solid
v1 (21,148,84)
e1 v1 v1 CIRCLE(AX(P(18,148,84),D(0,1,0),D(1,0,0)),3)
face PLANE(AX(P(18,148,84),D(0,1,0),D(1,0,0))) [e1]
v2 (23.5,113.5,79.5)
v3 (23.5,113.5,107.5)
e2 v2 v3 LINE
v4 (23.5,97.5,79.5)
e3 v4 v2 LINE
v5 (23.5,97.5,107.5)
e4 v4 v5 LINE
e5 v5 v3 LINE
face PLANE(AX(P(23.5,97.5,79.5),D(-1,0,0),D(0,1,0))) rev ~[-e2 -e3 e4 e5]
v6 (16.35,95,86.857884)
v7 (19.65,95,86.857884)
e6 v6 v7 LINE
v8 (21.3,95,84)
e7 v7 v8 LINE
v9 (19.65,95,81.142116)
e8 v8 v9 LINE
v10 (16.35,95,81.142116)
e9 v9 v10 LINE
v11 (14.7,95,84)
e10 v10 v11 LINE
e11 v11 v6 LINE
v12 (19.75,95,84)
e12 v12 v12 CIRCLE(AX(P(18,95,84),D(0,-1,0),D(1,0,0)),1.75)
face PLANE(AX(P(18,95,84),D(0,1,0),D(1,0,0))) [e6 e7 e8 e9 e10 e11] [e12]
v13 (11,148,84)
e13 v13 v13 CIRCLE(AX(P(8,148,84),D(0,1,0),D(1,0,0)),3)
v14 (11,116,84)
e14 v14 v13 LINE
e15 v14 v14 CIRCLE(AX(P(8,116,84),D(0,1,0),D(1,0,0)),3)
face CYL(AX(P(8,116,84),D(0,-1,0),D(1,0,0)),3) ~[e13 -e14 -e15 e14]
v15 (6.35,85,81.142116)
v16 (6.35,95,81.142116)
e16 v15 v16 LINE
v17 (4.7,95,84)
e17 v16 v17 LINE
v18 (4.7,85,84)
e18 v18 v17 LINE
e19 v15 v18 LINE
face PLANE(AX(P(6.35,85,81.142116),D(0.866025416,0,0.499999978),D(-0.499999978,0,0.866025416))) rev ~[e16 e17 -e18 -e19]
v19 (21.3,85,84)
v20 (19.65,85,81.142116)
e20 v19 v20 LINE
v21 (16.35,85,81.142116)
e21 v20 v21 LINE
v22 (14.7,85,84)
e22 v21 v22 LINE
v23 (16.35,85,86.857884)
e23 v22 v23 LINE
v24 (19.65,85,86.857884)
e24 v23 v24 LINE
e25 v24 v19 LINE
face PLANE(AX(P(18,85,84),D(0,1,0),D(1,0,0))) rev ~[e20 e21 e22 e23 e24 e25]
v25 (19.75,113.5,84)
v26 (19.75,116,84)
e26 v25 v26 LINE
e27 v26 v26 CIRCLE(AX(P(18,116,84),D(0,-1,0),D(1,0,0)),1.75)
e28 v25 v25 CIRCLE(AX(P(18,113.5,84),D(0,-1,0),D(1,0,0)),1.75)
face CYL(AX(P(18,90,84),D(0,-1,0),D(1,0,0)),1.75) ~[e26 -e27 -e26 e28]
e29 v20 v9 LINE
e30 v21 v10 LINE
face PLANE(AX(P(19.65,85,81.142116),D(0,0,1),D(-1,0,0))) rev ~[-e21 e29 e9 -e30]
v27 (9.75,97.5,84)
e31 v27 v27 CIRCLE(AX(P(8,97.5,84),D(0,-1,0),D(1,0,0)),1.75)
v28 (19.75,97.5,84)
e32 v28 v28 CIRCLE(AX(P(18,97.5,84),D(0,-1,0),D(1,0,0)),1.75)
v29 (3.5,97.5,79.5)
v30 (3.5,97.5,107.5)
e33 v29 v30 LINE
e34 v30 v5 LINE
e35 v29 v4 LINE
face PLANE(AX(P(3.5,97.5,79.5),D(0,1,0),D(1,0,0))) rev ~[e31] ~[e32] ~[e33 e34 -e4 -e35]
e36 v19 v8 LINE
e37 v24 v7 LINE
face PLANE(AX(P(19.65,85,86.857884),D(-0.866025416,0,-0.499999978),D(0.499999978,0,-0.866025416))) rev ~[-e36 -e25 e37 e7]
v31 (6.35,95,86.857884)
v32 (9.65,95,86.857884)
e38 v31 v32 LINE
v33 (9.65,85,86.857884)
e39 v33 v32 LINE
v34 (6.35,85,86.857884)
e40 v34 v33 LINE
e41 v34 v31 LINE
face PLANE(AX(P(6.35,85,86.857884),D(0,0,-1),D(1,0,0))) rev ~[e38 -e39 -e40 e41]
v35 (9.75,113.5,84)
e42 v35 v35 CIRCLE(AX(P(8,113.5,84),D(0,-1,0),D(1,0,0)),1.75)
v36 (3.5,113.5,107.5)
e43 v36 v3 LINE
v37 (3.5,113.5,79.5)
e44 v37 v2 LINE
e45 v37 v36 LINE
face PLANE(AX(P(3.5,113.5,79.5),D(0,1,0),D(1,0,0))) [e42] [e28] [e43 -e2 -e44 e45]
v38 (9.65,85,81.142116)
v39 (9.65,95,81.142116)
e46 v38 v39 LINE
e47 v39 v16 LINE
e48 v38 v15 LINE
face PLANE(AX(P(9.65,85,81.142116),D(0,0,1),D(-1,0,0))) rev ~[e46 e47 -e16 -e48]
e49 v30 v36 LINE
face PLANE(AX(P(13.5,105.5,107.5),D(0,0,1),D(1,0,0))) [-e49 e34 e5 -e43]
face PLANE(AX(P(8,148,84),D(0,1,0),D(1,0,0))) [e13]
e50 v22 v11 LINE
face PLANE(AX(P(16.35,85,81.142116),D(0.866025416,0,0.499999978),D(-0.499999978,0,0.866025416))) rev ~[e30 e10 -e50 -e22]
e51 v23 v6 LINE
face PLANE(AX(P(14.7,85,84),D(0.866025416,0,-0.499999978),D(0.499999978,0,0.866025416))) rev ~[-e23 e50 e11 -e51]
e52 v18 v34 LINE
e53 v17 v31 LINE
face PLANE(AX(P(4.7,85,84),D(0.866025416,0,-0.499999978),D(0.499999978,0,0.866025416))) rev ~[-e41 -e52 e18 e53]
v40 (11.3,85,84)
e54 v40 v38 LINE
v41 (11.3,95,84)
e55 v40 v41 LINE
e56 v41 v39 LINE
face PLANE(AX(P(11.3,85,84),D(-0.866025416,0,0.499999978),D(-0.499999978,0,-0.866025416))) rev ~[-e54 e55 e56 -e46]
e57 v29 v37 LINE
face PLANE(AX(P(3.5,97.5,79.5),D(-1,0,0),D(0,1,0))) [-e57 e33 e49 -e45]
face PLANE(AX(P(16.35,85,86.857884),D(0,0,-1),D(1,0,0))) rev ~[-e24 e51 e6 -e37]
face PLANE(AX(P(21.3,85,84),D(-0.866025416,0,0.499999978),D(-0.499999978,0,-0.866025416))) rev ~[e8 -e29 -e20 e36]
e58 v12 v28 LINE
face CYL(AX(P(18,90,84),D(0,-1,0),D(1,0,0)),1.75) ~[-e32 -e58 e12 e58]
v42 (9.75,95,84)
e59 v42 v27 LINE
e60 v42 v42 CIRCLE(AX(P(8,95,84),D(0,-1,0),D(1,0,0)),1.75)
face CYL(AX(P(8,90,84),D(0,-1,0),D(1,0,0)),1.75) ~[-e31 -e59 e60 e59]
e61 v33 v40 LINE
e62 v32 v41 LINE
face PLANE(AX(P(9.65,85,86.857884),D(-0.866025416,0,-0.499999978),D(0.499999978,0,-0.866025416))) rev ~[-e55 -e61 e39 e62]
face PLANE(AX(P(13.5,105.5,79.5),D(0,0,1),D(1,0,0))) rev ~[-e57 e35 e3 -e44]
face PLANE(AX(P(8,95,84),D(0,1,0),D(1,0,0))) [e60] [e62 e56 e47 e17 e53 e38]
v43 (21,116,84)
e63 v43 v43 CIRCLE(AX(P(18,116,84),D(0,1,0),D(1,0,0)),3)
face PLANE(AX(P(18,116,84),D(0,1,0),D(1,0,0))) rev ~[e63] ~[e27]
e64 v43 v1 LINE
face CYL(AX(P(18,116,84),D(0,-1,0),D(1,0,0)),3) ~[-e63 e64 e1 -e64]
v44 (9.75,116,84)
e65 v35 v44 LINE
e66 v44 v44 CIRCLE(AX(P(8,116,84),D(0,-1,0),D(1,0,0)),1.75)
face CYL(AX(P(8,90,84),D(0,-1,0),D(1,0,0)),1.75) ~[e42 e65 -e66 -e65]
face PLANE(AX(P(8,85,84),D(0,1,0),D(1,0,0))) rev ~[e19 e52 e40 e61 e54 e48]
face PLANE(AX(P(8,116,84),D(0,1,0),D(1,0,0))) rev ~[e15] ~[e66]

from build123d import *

# Parameters (mm, degrees)
PRISM002_DEPTH         = 10
PRISM002_ROLL_ANGLE    = -90
CYLINDER051_R          = 3
CYLINDER051_DEPTH      = 32
CYLINDER051_ROLL_ANGLE = -90
CYLINDER052_R          = 3
CYLINDER052_DEPTH      = 32
CYLINDER052_ROLL_ANGLE = -90
BOX040_W               = 20
BOX040_H               = 16
BOX040_DEPTH           = 28
CYLINDER053_R          = 1.75
CYLINDER053_DEPTH      = 32
CYLINDER053_ROLL_ANGLE = -90
CYLINDER054_R          = 1.75
CYLINDER054_DEPTH      = 32
CYLINDER054_ROLL_ANGLE = -90
PRISM001_DEPTH         = 10
PRISM001_ROLL_ANGLE    = -90


with BuildPart() as prisma002:
    # Prism002 → Prism002 (new body)
    with BuildSketch(Plane.XY):
        Polygon((3.3, 0), (1.65, 2.857884), (-1.65, 2.857884), (-3.3, 0), (-1.65, -2.857884), (1.65, -2.857884), align=None)
    extrude(amount=PRISM002_DEPTH)


with BuildPart() as prisma002_1:
    # Prism002 roll: moved
    add(prisma002.part.rotate(Axis((0, 0, 0), (1, 0, 0)), PRISM002_ROLL_ANGLE))


with BuildPart() as prisma002_2:
    # Prism002 placement: moved
    add(prisma002_1.part.moved(Location((8, 85, 84))))


with BuildPart() as cilindro017:
    # Cylinder051 → Cylinder051 (new body)
    with BuildSketch(Plane.XY):
        Circle(CYLINDER051_R)
    extrude(amount=CYLINDER051_DEPTH)


with BuildPart() as cilindro017_1:
    # Cylinder051 roll: moved
    add(cilindro017.part.rotate(Axis((0, 0, 0), (1, 0, 0)), CYLINDER051_ROLL_ANGLE))


with BuildPart() as cilindro017_2:
    # Cylinder051 placement: moved
    add(cilindro017_1.part.moved(Location((18, 116, 84))))


with BuildPart() as cilindro018:
    # Cylinder052 → Cylinder052 (new body)
    with BuildSketch(Plane.XY):
        Circle(CYLINDER052_R)
    extrude(amount=CYLINDER052_DEPTH)


with BuildPart() as cilindro018_1:
    # Cylinder052 roll: moved
    add(cilindro018.part.rotate(Axis((0, 0, 0), (1, 0, 0)), CYLINDER052_ROLL_ANGLE))


with BuildPart() as cilindro018_2:
    # Cylinder052 placement: moved
    add(cilindro018_1.part.moved(Location((8, 116, 84))))


with BuildPart() as cubo005:
    # Box040 → Box040 (new body)
    with BuildSketch(Plane(origin=(3.5, 97.5, 79.5), x_dir=(1, 0, 0), z_dir=(0, 0, 1))):
        with Locations((10, 8)):
            Rectangle(BOX040_W, BOX040_H)
    extrude(amount=BOX040_DEPTH)


with BuildPart() as cilindro013:
    # Cylinder053 → Cylinder053 (new body)
    with BuildSketch(Plane.XY):
        Circle(CYLINDER053_R)
    extrude(amount=CYLINDER053_DEPTH)


with BuildPart() as cilindro013_1:
    # Cylinder053 roll: moved
    add(cilindro013.part.rotate(Axis((0, 0, 0), (1, 0, 0)), CYLINDER053_ROLL_ANGLE))


with BuildPart() as cilindro013_2:
    # Cylinder053 placement: moved
    add(cilindro013_1.part.moved(Location((18, 90, 84))))


with BuildPart() as cilindro012:
    # Cylinder054 → Cylinder054 (new body)
    with BuildSketch(Plane.XY):
        Circle(CYLINDER054_R)
    extrude(amount=CYLINDER054_DEPTH)


with BuildPart() as cilindro012_1:
    # Cylinder054 roll: moved
    add(cilindro012.part.rotate(Axis((0, 0, 0), (1, 0, 0)), CYLINDER054_ROLL_ANGLE))


with BuildPart() as cilindro012_2:
    # Cylinder054 placement: moved
    add(cilindro012_1.part.moved(Location((8, 90, 84))))


with BuildPart() as arm_positive_cut:
    # Prism001 → Prism001 (new body)
    with BuildSketch(Plane.XY):
        Polygon((3.3, 0), (1.65, 2.857884), (-1.65, 2.857884), (-3.3, 0), (-1.65, -2.857884), (1.65, -2.857884), align=None)
    extrude(amount=PRISM001_DEPTH)


with BuildPart() as arm_positive_cut_1:
    # Prism001 roll: moved
    add(arm_positive_cut.part.rotate(Axis((0, 0, 0), (1, 0, 0)), PRISM001_ROLL_ANGLE))


with BuildPart() as arm_positive_cut_2:
    # Prism001 placement: moved
    add(arm_positive_cut_1.part.moved(Location((18, 85, 84))))

    # Fusion036: union Prisma002, Cilindro017, Cilindro018, Cubo005, Cilindro013, Cilindro012
    add(prisma002_2.part)
    add(cilindro017_2.part)
    add(cilindro018_2.part)
    add(cubo005.part)
    add(cilindro013_2.part)
    add(cilindro012_2.part)


solid = arm_positive_cut_2.part
